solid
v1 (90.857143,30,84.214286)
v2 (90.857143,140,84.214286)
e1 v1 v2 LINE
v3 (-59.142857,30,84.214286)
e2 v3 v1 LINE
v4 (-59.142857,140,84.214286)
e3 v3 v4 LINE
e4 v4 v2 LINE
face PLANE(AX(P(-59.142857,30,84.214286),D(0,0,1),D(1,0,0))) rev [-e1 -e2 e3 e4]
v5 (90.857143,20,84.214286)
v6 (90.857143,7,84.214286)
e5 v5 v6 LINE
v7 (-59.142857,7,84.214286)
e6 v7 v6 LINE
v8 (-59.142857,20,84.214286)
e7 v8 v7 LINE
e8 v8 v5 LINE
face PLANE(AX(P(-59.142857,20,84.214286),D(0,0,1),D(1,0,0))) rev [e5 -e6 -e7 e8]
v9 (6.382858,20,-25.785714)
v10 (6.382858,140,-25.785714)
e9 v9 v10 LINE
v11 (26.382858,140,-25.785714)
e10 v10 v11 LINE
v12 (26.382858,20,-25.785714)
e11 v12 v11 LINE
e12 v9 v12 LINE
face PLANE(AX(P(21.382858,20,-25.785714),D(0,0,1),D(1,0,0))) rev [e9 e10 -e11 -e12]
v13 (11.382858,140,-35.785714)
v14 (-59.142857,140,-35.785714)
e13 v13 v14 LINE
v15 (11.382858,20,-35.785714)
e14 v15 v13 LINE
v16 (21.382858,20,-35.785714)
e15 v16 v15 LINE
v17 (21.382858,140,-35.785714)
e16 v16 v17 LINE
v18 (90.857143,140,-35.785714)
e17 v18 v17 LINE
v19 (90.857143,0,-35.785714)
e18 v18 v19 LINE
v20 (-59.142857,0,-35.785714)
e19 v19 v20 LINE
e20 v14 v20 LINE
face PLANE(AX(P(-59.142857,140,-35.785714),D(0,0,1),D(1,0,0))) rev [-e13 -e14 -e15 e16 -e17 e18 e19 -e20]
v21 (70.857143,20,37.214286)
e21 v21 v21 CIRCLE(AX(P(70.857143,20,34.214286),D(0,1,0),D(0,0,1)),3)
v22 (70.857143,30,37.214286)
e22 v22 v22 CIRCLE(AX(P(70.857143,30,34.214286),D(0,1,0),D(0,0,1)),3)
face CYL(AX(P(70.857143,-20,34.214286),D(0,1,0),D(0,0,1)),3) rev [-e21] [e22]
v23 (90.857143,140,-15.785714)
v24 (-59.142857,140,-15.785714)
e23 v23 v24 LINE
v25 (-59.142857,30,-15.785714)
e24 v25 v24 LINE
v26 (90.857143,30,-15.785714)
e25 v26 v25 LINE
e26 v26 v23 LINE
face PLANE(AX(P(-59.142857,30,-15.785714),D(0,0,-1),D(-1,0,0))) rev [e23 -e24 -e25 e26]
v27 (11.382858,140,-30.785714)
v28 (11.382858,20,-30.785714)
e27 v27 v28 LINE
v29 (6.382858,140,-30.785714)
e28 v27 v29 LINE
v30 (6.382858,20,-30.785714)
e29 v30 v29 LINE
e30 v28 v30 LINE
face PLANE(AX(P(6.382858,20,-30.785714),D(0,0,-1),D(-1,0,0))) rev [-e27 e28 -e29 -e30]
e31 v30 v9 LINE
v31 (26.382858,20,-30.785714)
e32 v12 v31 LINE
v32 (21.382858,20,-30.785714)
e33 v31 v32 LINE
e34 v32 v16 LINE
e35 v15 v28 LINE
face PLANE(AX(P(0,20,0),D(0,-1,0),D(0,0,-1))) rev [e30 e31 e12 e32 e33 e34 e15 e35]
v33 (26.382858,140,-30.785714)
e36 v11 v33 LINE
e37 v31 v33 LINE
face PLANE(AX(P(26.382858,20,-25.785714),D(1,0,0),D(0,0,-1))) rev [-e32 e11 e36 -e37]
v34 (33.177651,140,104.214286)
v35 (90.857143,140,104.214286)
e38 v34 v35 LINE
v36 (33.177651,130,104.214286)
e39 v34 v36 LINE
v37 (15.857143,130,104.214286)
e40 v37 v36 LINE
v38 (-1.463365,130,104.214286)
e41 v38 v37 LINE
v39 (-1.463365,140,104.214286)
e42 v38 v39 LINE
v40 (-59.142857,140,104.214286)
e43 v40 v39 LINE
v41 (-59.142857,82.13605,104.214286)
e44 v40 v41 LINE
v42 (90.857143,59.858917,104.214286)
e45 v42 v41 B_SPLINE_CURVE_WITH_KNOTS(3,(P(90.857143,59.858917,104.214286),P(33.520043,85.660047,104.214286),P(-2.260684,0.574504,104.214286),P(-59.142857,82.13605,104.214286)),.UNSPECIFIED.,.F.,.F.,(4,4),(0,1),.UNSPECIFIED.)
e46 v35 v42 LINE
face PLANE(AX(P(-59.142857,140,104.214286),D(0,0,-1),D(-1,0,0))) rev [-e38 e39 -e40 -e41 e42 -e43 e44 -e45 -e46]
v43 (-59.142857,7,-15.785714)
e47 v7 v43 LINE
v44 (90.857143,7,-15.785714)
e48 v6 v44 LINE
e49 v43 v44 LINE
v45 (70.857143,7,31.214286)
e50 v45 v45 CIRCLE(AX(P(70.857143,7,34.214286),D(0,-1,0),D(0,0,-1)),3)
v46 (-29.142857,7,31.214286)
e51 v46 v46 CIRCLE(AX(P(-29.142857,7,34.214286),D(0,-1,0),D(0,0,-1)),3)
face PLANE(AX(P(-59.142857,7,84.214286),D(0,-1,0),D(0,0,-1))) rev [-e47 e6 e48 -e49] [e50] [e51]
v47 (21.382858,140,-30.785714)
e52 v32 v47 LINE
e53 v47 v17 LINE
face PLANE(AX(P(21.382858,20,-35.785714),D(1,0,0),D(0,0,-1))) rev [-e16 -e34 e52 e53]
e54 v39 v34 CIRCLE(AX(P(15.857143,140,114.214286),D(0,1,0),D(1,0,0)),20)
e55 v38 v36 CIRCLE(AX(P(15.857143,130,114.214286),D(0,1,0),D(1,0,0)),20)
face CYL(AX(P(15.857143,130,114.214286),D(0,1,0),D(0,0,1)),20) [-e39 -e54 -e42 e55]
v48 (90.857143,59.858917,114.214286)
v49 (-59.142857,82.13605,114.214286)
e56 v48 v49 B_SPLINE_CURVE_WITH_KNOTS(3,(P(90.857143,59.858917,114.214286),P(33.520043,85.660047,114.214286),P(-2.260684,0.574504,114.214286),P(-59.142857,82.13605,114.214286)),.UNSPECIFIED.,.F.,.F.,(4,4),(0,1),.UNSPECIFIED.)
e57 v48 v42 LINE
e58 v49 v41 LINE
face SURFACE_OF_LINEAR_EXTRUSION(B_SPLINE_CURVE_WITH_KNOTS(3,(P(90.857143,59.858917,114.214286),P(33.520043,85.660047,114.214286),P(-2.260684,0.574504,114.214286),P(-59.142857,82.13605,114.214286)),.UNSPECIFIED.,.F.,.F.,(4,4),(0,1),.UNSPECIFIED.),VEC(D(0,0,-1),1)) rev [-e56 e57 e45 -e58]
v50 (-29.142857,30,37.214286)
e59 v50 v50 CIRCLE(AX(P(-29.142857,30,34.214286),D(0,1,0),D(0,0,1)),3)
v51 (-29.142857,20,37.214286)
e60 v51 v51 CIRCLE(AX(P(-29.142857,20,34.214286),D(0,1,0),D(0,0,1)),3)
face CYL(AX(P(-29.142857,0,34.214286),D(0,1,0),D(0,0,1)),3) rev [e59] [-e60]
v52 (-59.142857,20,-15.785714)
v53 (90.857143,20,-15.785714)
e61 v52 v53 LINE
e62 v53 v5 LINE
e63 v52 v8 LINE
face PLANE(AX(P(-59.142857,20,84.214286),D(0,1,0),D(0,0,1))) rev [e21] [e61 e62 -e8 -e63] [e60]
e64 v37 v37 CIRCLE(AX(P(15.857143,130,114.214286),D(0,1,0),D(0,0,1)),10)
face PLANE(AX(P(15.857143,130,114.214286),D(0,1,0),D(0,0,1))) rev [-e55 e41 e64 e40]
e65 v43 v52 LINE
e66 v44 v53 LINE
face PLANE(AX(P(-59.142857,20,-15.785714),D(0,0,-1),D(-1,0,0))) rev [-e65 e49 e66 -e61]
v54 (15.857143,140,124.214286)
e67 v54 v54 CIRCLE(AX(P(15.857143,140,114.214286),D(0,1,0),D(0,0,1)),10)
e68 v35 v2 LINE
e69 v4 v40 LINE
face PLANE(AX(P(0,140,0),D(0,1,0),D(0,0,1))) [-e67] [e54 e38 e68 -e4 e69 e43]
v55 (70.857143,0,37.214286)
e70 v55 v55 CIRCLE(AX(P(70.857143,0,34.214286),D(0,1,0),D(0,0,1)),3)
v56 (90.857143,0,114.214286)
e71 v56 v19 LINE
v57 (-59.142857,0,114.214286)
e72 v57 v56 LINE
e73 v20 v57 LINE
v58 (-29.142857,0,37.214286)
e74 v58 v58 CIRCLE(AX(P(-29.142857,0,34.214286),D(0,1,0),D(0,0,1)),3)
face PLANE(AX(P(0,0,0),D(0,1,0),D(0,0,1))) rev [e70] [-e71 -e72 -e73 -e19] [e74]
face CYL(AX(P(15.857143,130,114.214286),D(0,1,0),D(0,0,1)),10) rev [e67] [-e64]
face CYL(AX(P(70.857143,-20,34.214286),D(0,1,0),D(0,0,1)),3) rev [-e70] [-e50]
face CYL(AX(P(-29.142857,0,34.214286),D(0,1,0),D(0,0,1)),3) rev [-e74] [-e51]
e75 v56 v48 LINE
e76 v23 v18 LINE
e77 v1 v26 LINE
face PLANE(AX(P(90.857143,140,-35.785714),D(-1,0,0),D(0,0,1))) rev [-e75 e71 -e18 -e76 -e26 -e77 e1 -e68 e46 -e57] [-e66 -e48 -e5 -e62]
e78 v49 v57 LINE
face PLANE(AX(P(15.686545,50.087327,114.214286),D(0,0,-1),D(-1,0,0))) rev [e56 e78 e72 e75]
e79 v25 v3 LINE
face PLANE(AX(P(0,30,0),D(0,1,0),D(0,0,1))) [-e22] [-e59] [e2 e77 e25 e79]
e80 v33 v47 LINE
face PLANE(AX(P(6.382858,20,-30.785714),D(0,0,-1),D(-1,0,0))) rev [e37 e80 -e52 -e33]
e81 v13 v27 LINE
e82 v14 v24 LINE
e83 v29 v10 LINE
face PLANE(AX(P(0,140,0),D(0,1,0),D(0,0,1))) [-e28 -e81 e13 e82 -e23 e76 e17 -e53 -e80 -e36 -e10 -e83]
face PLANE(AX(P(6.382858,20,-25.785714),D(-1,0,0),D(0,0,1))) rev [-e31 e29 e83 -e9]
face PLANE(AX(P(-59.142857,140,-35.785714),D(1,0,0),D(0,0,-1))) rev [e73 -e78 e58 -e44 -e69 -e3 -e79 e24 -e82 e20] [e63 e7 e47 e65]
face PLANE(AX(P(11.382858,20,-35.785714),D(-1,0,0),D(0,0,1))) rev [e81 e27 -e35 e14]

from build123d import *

# Parameters (mm, degrees)
SKETCH_2_W          = 150
SKETCH_2_H          = 140
EXTRUDE_1_DEPTH     = 140
SKETCH_3_W          = 150
SKETCH_3_H          = 100
CUT_EXTRUDE_1_DEPTH = 110
SKETCH_4_W          = 100
SKETCH_4_H          = 13
CUT_EXTRUDE_2_DEPTH = 231.131739112
SKETCH_5_R          = 3
CUT_EXTRUDE_3_DEPTH = 50
SKETCH_6_R          = 3
CUT_EXTRUDE_4_DEPTH = 177.679477459
SKETCH_7_R          = 20
SKETCH_7_R_2        = 10
EXTRUDE_1_2_DEPTH   = 10
SKETCH_8_W          = 10
SKETCH_8_H          = 10
CUT_EXTRUDE_5_DEPTH = 120
SKETCH_10_W         = 20
SKETCH_10_H         = 5
CUT_EXTRUDE_7_DEPTH = 120
EXTRUDE_2_DEPTH     = 10


with BuildPart() as part:
    # 草圖2 → Extrude 1 (new body)
    with BuildSketch(Plane(origin=(0, 0, 0), x_dir=(1, 0, 0), z_dir=(0, 1, 0))):
        with Locations((15.857142857, -34.214285714)):
            Rectangle(SKETCH_2_W, SKETCH_2_H)
    extrude(amount=EXTRUDE_1_DEPTH)

    # 草圖3 → 除料-伸長1 (cut)
    with BuildSketch(Plane(origin=(0, 140, 0), x_dir=(1, 0, 0), z_dir=(0, 1, 0))):
        with Locations((15.857142857, -34.214285714)):
            Rectangle(SKETCH_3_W, SKETCH_3_H)
    extrude(amount=-CUT_EXTRUDE_1_DEPTH, mode=Mode.SUBTRACT)

    # 草圖4 → 除料-伸長2 (cut, through all)
    with BuildSketch(Plane(origin=(90.857142857, 0, 0), x_dir=(0, 0, -1), z_dir=(1, 0, 0))):
        with Locations((-34.214285714, 13.5)):
            Rectangle(SKETCH_4_W, SKETCH_4_H)
    extrude(amount=-CUT_EXTRUDE_2_DEPTH, mode=Mode.SUBTRACT)

    # 草圖5 → 除料-伸長3 (cut)
    with BuildSketch(Plane(origin=(0, 30, 0), x_dir=(1, 0, 0), z_dir=(0, 1, 0))):
        with Locations(Location((70.857142857, -34.214285714, 0), (0, 0, 270))):
            Circle(SKETCH_5_R)
    extrude(amount=-CUT_EXTRUDE_3_DEPTH, mode=Mode.SUBTRACT)

    # 草圖6 → 除料-伸長4 (cut, through all)
    with BuildSketch(Plane(origin=(0, 30, 0), x_dir=(1, 0, 0), z_dir=(0, 1, 0))):
        with Locations(Location((-29.142857143, -34.214285714, 0), (0, 0, 270))):
            Circle(SKETCH_6_R)
    extrude(amount=-CUT_EXTRUDE_4_DEPTH, mode=Mode.SUBTRACT)

    # 草圖7 → Extrude 1 2 (add)
    with BuildSketch(Plane(origin=(0, 140, 0), x_dir=(1, 0, 0), z_dir=(0, 1, 0))):
        with Locations((15.857142857, -114.214285714)):
            Circle(SKETCH_7_R)
        with Locations((15.857142857, -114.214285714)):
            Circle(SKETCH_7_R_2, mode=Mode.SUBTRACT)
    extrude(amount=-EXTRUDE_1_2_DEPTH)

    # 草圖8 → 除料-伸長5 (cut)
    with BuildSketch(Plane(origin=(0, 140, 0), x_dir=(1, 0, 0), z_dir=(0, 1, 0))):
        with Locations((16.382857537, 30.785714286)):
            Rectangle(SKETCH_8_W, SKETCH_8_H)
    extrude(amount=-CUT_EXTRUDE_5_DEPTH, mode=Mode.SUBTRACT)

    # 草圖10 → 除料-伸長7 (cut)
    with BuildSketch(Plane(origin=(0, 140, 0), x_dir=(1, 0, 0), z_dir=(0, 1, 0))):
        with Locations((16.382857537, 28.285714286)):
            Rectangle(SKETCH_10_W, SKETCH_10_H)
    extrude(amount=-CUT_EXTRUDE_7_DEPTH, mode=Mode.SUBTRACT)

    # 草圖11 → 填料-伸長2 (add)
    with BuildSketch(Plane.XY.offset(104.214285714)):
        with BuildLine():
            Line((-59.142857143, 82.136050004), (-59.142857143, 0))
            Line((-59.142857143, 0), (90.857142857, 0))
            Line((90.857142857, 0), (90.857142857, 59.85891712))
            add(Edge.make_bspline(
                [(-59.142857143, 82.136050004), (-2.260684415, 0.574504188), (33.520042851, 85.660046613), (90.857142857, 59.85891712)],
                knots=[0, 0, 0, 0, 1, 1, 1, 1], degree=3))
        make_face()
    extrude(amount=EXTRUDE_2_DEPTH)


solid = part.part
